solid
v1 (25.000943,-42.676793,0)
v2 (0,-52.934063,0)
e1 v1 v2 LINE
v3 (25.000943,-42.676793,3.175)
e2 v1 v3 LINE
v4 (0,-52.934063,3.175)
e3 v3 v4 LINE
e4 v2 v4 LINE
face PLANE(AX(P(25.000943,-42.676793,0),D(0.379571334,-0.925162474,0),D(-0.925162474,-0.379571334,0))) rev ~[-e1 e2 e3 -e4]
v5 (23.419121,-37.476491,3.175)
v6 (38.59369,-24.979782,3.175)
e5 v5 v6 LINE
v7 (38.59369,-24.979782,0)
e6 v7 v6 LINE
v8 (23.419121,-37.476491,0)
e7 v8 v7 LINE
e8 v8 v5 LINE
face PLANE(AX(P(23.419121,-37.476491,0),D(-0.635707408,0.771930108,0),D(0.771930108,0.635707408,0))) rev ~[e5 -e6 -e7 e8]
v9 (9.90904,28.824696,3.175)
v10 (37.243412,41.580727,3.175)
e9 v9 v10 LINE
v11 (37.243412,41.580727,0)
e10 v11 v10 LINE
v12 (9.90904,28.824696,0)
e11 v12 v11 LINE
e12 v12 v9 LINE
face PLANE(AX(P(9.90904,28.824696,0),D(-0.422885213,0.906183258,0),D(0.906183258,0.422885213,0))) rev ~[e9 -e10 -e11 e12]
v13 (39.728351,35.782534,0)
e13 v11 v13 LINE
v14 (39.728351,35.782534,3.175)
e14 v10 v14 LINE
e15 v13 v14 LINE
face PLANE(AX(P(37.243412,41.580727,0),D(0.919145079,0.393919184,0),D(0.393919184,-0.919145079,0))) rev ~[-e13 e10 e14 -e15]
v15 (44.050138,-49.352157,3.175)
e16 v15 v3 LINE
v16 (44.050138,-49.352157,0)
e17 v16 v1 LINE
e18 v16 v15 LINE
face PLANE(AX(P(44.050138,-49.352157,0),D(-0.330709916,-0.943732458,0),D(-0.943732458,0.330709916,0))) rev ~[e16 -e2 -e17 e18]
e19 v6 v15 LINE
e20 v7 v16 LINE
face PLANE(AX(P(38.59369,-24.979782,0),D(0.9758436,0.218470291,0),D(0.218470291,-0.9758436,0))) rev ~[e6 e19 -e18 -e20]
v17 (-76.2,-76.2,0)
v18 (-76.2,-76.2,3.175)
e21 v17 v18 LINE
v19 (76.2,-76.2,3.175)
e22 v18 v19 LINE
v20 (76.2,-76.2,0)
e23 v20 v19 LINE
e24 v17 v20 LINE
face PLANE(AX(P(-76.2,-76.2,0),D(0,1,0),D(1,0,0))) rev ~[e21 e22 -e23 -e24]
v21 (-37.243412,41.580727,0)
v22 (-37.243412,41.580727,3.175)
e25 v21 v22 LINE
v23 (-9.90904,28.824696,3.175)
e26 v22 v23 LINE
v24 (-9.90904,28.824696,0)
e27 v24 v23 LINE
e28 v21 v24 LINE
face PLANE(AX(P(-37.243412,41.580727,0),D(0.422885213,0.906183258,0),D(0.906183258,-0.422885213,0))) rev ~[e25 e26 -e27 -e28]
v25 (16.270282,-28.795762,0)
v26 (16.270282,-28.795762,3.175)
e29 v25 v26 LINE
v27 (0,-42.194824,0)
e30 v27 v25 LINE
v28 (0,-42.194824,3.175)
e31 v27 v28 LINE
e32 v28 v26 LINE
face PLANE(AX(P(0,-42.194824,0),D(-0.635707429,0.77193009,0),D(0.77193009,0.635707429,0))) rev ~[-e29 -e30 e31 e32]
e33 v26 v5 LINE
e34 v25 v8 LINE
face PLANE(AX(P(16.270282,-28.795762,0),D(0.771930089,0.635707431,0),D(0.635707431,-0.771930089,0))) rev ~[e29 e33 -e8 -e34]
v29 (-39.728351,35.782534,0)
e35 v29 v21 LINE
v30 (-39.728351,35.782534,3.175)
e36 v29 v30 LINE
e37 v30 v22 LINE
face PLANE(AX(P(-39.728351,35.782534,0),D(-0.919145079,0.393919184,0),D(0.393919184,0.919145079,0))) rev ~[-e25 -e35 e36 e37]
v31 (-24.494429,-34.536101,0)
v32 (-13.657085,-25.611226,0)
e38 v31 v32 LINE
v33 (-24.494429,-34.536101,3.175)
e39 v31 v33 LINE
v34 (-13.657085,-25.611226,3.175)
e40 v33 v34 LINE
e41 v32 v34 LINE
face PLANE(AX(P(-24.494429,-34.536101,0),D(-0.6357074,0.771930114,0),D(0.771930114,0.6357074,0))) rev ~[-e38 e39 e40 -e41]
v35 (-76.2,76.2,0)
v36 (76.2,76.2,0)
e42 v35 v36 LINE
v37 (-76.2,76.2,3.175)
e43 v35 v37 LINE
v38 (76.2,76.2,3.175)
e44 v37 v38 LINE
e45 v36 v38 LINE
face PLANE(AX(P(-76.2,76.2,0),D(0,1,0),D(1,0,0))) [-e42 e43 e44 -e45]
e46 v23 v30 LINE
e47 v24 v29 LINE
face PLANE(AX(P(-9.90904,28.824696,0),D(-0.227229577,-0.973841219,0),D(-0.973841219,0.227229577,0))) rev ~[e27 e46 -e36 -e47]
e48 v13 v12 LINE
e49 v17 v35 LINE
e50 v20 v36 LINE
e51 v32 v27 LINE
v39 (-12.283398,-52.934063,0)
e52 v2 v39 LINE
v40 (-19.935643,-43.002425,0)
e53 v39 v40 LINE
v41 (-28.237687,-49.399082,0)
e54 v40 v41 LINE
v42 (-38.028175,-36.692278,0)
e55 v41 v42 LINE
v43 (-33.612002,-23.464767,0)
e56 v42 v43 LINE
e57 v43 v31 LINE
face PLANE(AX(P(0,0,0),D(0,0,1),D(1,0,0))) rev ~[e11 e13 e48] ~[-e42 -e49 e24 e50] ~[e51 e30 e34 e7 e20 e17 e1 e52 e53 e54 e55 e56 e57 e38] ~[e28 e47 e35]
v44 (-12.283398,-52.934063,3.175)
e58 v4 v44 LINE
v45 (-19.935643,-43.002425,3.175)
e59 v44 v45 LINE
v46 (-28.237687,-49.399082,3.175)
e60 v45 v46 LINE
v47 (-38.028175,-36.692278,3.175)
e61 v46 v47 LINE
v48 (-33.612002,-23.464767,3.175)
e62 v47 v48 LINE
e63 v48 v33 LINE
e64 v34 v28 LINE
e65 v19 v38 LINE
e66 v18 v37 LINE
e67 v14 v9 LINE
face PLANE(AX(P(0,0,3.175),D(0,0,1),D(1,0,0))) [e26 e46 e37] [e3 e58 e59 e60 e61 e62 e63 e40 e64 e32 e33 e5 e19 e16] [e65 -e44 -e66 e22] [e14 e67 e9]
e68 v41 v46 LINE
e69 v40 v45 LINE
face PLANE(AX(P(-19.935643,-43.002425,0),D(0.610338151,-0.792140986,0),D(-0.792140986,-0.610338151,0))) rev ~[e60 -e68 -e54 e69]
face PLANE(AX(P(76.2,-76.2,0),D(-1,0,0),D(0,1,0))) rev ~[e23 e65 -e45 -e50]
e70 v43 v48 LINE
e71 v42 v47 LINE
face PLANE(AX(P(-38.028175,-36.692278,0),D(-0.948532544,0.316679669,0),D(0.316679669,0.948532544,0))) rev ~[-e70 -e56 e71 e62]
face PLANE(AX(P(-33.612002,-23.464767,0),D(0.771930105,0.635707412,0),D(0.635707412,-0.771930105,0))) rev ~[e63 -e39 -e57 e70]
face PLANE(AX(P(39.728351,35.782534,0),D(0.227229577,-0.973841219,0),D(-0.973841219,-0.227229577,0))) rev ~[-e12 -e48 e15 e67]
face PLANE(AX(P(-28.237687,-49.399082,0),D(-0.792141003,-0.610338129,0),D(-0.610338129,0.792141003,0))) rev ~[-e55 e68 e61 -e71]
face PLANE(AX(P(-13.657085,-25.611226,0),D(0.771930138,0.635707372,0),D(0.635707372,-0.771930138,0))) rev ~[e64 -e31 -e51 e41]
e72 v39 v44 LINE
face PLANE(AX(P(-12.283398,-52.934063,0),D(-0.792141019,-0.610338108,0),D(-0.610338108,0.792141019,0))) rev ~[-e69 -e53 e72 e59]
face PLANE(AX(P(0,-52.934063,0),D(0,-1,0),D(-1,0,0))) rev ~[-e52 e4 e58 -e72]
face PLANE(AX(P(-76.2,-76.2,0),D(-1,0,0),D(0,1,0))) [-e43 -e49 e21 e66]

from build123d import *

# Parameters (mm, degrees)
F0_W     = 152.4
F0_H     = 152.4
F1_DEPTH = 3.175


with BuildPart() as f1:
    # F0 (on Top) → F1 (new body)
    with BuildSketch(Plane.XY):
        Rectangle(F0_W, F0_H)
        Polygon((-38.028175, -36.692278), (-33.612002, -23.464767), (-24.494429, -34.536101), (-13.657085, -25.611226), (0, -42.194824), (16.270282, -28.795762), (23.419121, -37.476491), (38.59369, -24.979782), (44.050138, -49.352157), (25.000943, -42.676793), (0, -52.934063), (-12.283398, -52.934063), (-19.935643, -43.002425), (-28.237687, -49.399082), align=None, mode=Mode.SUBTRACT)
        Polygon((-39.728351, 35.782534), (-37.243412, 41.580727), (-9.90904, 28.824696), align=None, mode=Mode.SUBTRACT)
        Polygon((39.728351, 35.782534), (9.90904, 28.824696), (37.243412, 41.580727), align=None, mode=Mode.SUBTRACT)
    extrude(amount=F1_DEPTH)


solid = f1.part
